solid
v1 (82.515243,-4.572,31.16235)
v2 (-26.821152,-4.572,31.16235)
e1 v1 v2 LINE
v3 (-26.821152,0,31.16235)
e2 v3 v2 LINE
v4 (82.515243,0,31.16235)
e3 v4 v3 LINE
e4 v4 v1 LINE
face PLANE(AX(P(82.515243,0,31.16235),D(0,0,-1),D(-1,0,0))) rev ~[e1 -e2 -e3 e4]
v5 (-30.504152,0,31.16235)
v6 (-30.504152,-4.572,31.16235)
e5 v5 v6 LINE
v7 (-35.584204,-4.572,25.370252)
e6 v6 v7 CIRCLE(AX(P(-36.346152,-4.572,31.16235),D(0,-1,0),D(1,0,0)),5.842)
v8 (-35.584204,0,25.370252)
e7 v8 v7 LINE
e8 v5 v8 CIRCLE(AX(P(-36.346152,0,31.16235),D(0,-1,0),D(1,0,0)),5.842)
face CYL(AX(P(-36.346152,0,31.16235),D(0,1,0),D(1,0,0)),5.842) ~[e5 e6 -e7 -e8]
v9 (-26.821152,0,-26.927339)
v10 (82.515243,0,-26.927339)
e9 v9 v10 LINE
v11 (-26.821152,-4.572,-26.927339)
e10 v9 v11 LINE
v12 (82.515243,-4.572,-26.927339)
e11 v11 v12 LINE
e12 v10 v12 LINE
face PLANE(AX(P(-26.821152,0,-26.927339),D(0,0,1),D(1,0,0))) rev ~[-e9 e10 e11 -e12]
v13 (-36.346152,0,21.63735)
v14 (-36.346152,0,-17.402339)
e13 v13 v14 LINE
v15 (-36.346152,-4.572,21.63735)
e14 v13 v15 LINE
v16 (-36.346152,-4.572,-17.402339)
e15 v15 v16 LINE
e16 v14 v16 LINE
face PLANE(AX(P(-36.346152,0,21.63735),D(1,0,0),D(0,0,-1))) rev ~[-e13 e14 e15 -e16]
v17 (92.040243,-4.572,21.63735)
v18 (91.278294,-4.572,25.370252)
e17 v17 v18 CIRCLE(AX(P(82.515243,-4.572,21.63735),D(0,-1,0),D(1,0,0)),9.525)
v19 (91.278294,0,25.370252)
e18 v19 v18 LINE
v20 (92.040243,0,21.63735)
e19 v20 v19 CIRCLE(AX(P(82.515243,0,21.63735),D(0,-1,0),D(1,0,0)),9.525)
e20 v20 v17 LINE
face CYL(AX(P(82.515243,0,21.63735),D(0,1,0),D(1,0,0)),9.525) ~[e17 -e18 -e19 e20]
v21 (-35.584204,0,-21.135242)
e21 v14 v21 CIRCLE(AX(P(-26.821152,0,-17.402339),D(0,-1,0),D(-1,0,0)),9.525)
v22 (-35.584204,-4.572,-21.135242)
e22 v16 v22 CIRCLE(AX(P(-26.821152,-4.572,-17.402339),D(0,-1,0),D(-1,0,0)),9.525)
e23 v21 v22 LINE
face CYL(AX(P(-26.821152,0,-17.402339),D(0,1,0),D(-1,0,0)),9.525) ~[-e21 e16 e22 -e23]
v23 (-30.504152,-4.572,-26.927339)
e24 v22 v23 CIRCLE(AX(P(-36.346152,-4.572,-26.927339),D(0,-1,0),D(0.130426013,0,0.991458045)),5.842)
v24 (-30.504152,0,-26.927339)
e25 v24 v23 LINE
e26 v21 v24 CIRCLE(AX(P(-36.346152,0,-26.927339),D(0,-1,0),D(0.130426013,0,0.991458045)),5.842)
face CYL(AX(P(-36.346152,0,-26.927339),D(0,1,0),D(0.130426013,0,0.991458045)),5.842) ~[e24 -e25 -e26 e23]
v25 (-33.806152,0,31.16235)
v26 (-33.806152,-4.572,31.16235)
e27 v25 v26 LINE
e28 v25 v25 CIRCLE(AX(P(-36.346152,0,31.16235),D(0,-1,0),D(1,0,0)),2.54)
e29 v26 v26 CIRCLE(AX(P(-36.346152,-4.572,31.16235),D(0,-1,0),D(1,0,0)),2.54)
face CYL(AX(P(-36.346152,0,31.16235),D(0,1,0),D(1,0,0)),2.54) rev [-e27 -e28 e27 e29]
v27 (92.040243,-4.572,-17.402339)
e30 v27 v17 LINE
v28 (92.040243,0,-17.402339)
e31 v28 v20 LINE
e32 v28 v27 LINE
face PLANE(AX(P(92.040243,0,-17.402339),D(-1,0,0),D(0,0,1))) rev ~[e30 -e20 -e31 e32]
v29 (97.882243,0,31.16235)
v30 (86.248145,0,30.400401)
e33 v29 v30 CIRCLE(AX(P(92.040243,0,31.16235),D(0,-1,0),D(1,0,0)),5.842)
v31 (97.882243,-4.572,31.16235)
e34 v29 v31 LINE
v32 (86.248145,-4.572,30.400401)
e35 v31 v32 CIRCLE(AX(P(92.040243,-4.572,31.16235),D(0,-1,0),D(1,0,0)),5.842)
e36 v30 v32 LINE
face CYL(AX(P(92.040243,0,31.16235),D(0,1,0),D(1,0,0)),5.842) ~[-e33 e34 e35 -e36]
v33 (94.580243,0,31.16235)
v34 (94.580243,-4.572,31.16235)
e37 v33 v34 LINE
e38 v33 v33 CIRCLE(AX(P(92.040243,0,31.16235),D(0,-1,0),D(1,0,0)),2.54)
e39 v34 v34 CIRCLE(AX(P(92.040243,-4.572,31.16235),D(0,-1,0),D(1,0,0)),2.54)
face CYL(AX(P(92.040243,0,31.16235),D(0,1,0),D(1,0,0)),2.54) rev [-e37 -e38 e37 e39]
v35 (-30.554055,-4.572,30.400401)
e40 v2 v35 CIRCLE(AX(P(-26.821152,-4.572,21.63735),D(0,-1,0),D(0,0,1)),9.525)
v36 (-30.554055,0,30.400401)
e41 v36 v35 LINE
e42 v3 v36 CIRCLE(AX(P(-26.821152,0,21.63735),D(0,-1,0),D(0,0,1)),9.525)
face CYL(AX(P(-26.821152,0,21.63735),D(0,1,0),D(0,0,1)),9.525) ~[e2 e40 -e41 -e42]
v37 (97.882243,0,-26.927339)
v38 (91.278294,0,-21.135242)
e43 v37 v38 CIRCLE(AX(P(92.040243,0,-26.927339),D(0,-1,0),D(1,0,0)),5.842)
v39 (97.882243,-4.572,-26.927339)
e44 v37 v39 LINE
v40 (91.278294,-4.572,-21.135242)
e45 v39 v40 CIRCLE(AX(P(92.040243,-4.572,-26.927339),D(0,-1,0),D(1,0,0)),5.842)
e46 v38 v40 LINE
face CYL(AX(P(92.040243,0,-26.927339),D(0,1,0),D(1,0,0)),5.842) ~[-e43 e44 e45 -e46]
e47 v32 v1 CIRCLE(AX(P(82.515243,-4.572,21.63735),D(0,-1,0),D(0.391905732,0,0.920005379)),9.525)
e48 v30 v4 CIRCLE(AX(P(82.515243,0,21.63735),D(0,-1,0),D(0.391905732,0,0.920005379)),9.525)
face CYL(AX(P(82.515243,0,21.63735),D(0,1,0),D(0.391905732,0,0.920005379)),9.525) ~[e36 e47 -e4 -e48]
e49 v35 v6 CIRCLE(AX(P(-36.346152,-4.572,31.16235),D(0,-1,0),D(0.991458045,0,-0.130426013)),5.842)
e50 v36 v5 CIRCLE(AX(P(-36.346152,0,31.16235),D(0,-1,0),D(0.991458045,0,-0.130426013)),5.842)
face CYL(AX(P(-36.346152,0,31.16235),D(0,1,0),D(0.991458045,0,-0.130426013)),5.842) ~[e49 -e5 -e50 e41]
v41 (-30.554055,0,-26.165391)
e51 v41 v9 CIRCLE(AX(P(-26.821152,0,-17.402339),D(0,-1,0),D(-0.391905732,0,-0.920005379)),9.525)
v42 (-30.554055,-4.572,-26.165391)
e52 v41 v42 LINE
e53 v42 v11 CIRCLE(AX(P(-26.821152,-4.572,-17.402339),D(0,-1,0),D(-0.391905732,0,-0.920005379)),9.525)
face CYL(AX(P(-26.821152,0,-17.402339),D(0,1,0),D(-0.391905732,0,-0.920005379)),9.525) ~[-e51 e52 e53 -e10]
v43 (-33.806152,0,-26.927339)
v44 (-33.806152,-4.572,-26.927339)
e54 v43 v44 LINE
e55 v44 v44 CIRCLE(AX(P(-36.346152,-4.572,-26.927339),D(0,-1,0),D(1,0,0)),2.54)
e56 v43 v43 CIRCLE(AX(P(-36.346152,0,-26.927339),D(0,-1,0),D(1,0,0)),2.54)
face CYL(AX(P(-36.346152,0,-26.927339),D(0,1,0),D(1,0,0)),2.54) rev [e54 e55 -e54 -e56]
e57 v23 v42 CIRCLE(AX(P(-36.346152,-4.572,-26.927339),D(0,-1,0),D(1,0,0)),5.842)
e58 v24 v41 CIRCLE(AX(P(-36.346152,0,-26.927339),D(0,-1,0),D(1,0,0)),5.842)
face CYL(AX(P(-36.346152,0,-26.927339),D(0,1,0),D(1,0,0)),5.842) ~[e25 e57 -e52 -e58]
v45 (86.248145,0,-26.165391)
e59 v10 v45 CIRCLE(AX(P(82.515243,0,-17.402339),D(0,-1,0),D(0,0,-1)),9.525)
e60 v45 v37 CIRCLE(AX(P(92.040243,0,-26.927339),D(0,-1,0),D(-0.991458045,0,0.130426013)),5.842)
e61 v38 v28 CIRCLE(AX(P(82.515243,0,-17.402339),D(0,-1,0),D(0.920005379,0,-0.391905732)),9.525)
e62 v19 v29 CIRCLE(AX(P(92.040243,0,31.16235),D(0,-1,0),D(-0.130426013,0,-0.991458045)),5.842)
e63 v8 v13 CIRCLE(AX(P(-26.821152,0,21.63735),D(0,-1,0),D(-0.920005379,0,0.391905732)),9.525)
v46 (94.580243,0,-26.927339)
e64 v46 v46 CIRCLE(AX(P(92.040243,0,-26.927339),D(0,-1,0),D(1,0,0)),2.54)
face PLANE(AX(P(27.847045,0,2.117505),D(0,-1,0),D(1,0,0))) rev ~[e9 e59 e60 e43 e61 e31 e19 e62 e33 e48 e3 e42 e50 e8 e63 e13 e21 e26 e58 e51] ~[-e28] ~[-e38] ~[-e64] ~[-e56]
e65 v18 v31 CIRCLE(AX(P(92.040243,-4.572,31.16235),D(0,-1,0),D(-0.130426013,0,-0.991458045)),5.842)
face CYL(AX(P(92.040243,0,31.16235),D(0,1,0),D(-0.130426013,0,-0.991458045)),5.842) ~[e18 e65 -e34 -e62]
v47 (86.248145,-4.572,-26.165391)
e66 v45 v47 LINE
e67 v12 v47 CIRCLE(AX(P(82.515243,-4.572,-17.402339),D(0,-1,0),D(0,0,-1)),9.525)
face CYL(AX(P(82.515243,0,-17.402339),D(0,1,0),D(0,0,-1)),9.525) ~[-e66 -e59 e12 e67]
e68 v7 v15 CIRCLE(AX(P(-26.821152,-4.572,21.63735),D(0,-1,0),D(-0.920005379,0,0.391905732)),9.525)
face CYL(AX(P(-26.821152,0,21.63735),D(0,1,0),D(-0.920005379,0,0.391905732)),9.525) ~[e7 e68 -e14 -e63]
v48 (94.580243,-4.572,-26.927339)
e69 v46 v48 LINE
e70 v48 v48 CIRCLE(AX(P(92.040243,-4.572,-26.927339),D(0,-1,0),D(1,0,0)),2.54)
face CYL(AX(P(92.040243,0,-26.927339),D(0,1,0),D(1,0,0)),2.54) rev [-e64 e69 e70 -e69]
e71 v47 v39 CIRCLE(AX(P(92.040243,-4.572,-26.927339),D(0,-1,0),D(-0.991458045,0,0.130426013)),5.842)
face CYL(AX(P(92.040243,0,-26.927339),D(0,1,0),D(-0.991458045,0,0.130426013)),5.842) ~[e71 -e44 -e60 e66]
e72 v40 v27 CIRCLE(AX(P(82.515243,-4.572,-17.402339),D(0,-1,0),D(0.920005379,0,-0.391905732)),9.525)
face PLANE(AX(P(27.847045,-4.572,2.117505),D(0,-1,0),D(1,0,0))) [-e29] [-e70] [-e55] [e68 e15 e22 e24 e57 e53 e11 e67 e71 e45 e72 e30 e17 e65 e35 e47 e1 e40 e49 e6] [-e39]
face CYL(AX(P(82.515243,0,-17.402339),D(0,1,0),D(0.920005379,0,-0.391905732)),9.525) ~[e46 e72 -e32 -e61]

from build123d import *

# Parameters (mm, degrees)
F0_R     = 2.54
F1_DEPTH = 4.572


with BuildPart() as f1:
    # F0 (on Front) → F1 (new body)
    with BuildSketch(Plane.XZ):
        with BuildLine():
            ThreePointArc((-35.5842036575, 25.370251879), (-36.1537214171, 23.5422857364), (-36.3461524248, 21.6373497784))
            Line((-36.3461524248, 21.6373497784), (-36.3461524248, -17.4023394669))
            ThreePointArc((-36.3461524248, -17.4023394669), (-36.1537214171, -19.3072754249), (-35.5842036575, -21.1352415675))
            ThreePointArc((-35.5842036575, -21.1352415675), (-32.2152346091, -22.7964216512), (-30.5540545254, -26.1653906996))
            ThreePointArc((-30.5540545254, -26.1653906996), (-28.7260883828, -26.7349084592), (-26.8211524248, -26.9273394669))
            Line((-26.8211524248, -26.9273394669), (82.5152429771, -26.9273394669))
            ThreePointArc((82.5152429771, -26.9273394669), (84.4201789351, -26.7349084592), (86.2481450777, -26.1653906996))
            ThreePointArc((86.2481450777, -26.1653906996), (87.9093251614, -22.7964216512), (91.2782942098, -21.1352415675))
            ThreePointArc((91.2782942098, -21.1352415675), (91.8478119694, -19.3072754249), (92.0402429771, -17.4023394669))
            Line((92.0402429771, -17.4023394669), (92.0402429771, 21.6373497784))
            ThreePointArc((92.0402429771, 21.6373497784), (91.8478119694, 23.5422857364), (91.2782942098, 25.370251879))
            ThreePointArc((91.2782942098, 25.370251879), (87.9093251614, 27.0314319627), (86.2481450777, 30.4004010111))
            ThreePointArc((86.2481450777, 30.4004010111), (84.4201789351, 30.9699187707), (82.5152429771, 31.1623497784))
            Line((82.5152429771, 31.1623497784), (-26.8211524248, 31.1623497784))
            ThreePointArc((-26.8211524248, 31.1623497784), (-28.7260883828, 30.9699187707), (-30.5540545254, 30.4004010111))
            ThreePointArc((-30.5540545254, 30.4004010111), (-32.2152346091, 27.0314319627), (-35.5842036575, 25.370251879))
        make_face()
        with BuildLine():
            ThreePointArc((-30.5540545254, 30.4004010111), (-33.5563445156, 28.3725418692), (-35.5842036575, 25.370251879))
            ThreePointArc((-35.5842036575, 25.370251879), (-32.2152346091, 27.0314319627), (-30.5540545254, 30.4004010111))
        make_face()
        with BuildLine():
            ThreePointArc((-30.5041524248, 31.1623497784), (-40.7382059706, 35.0144699285), (-35.5842036575, 25.370251879))
            ThreePointArc((-35.5842036575, 25.370251879), (-33.5563445156, 28.3725418692), (-30.5540545254, 30.4004010111))
            ThreePointArc((-30.5540545254, 30.4004010111), (-30.5166412992, 30.7805592129), (-30.5041524248, 31.1623497784))
        make_face()
        with Locations((-36.3461524248, 31.1623497784)):
            Circle(F0_R, mode=Mode.SUBTRACT)
        with BuildLine():
            ThreePointArc((-30.5540545254, -26.1653906996), (-33.5563445156, -24.1375315577), (-35.5842036575, -21.1352415675))
            ThreePointArc((-35.5842036575, -21.1352415675), (-40.7382059706, -30.779459617), (-30.5041524248, -26.9273394669))
            ThreePointArc((-30.5041524248, -26.9273394669), (-30.5166412992, -26.5455489014), (-30.5540545254, -26.1653906996))
        make_face()
        with Locations((-36.3461524248, -26.9273394669)):
            Circle(F0_R, mode=Mode.SUBTRACT)
        with BuildLine():
            ThreePointArc((-30.5540545254, -26.1653906996), (-32.2152346091, -22.7964216512), (-35.5842036575, -21.1352415675))
            ThreePointArc((-35.5842036575, -21.1352415675), (-33.5563445156, -24.1375315577), (-30.5540545254, -26.1653906996))
        make_face()
        with BuildLine():
            ThreePointArc((91.2782942098, 25.370251879), (89.2504350679, 28.3725418692), (86.2481450777, 30.4004010111))
            ThreePointArc((86.2481450777, 30.4004010111), (87.9093251614, 27.0314319627), (91.2782942098, 25.370251879))
        make_face()
        with BuildLine():
            ThreePointArc((97.8822429771, 31.1623497784), (91.6584524116, 36.9918609041), (86.2481450777, 30.4004010111))
            ThreePointArc((86.2481450777, 30.4004010111), (89.2504350679, 28.3725418692), (91.2782942098, 25.370251879))
            ThreePointArc((91.2782942098, 25.370251879), (95.8923631272, 26.7702962326), (97.8822429771, 31.1623497784))
        make_face()
        with Locations((92.0402429771, 31.1623497784)):
            Circle(F0_R, mode=Mode.SUBTRACT)
        with BuildLine():
            ThreePointArc((91.2782942098, -21.1352415675), (89.2504350679, -24.1375315577), (86.2481450777, -26.1653906996))
            ThreePointArc((86.2481450777, -26.1653906996), (91.6584524116, -32.7568505925), (97.8822429771, -26.9273394669))
            ThreePointArc((97.8822429771, -26.9273394669), (95.8923631272, -22.5352859211), (91.2782942098, -21.1352415675))
        make_face()
        with Locations((92.0402429771, -26.9273394669)):
            Circle(F0_R, mode=Mode.SUBTRACT)
        with BuildLine():
            ThreePointArc((91.2782942098, -21.1352415675), (87.9093251614, -22.7964216512), (86.2481450777, -26.1653906996))
            ThreePointArc((86.2481450777, -26.1653906996), (89.2504350679, -24.1375315577), (91.2782942098, -21.1352415675))
        make_face()
    extrude(amount=F1_DEPTH)


solid = f1.part
